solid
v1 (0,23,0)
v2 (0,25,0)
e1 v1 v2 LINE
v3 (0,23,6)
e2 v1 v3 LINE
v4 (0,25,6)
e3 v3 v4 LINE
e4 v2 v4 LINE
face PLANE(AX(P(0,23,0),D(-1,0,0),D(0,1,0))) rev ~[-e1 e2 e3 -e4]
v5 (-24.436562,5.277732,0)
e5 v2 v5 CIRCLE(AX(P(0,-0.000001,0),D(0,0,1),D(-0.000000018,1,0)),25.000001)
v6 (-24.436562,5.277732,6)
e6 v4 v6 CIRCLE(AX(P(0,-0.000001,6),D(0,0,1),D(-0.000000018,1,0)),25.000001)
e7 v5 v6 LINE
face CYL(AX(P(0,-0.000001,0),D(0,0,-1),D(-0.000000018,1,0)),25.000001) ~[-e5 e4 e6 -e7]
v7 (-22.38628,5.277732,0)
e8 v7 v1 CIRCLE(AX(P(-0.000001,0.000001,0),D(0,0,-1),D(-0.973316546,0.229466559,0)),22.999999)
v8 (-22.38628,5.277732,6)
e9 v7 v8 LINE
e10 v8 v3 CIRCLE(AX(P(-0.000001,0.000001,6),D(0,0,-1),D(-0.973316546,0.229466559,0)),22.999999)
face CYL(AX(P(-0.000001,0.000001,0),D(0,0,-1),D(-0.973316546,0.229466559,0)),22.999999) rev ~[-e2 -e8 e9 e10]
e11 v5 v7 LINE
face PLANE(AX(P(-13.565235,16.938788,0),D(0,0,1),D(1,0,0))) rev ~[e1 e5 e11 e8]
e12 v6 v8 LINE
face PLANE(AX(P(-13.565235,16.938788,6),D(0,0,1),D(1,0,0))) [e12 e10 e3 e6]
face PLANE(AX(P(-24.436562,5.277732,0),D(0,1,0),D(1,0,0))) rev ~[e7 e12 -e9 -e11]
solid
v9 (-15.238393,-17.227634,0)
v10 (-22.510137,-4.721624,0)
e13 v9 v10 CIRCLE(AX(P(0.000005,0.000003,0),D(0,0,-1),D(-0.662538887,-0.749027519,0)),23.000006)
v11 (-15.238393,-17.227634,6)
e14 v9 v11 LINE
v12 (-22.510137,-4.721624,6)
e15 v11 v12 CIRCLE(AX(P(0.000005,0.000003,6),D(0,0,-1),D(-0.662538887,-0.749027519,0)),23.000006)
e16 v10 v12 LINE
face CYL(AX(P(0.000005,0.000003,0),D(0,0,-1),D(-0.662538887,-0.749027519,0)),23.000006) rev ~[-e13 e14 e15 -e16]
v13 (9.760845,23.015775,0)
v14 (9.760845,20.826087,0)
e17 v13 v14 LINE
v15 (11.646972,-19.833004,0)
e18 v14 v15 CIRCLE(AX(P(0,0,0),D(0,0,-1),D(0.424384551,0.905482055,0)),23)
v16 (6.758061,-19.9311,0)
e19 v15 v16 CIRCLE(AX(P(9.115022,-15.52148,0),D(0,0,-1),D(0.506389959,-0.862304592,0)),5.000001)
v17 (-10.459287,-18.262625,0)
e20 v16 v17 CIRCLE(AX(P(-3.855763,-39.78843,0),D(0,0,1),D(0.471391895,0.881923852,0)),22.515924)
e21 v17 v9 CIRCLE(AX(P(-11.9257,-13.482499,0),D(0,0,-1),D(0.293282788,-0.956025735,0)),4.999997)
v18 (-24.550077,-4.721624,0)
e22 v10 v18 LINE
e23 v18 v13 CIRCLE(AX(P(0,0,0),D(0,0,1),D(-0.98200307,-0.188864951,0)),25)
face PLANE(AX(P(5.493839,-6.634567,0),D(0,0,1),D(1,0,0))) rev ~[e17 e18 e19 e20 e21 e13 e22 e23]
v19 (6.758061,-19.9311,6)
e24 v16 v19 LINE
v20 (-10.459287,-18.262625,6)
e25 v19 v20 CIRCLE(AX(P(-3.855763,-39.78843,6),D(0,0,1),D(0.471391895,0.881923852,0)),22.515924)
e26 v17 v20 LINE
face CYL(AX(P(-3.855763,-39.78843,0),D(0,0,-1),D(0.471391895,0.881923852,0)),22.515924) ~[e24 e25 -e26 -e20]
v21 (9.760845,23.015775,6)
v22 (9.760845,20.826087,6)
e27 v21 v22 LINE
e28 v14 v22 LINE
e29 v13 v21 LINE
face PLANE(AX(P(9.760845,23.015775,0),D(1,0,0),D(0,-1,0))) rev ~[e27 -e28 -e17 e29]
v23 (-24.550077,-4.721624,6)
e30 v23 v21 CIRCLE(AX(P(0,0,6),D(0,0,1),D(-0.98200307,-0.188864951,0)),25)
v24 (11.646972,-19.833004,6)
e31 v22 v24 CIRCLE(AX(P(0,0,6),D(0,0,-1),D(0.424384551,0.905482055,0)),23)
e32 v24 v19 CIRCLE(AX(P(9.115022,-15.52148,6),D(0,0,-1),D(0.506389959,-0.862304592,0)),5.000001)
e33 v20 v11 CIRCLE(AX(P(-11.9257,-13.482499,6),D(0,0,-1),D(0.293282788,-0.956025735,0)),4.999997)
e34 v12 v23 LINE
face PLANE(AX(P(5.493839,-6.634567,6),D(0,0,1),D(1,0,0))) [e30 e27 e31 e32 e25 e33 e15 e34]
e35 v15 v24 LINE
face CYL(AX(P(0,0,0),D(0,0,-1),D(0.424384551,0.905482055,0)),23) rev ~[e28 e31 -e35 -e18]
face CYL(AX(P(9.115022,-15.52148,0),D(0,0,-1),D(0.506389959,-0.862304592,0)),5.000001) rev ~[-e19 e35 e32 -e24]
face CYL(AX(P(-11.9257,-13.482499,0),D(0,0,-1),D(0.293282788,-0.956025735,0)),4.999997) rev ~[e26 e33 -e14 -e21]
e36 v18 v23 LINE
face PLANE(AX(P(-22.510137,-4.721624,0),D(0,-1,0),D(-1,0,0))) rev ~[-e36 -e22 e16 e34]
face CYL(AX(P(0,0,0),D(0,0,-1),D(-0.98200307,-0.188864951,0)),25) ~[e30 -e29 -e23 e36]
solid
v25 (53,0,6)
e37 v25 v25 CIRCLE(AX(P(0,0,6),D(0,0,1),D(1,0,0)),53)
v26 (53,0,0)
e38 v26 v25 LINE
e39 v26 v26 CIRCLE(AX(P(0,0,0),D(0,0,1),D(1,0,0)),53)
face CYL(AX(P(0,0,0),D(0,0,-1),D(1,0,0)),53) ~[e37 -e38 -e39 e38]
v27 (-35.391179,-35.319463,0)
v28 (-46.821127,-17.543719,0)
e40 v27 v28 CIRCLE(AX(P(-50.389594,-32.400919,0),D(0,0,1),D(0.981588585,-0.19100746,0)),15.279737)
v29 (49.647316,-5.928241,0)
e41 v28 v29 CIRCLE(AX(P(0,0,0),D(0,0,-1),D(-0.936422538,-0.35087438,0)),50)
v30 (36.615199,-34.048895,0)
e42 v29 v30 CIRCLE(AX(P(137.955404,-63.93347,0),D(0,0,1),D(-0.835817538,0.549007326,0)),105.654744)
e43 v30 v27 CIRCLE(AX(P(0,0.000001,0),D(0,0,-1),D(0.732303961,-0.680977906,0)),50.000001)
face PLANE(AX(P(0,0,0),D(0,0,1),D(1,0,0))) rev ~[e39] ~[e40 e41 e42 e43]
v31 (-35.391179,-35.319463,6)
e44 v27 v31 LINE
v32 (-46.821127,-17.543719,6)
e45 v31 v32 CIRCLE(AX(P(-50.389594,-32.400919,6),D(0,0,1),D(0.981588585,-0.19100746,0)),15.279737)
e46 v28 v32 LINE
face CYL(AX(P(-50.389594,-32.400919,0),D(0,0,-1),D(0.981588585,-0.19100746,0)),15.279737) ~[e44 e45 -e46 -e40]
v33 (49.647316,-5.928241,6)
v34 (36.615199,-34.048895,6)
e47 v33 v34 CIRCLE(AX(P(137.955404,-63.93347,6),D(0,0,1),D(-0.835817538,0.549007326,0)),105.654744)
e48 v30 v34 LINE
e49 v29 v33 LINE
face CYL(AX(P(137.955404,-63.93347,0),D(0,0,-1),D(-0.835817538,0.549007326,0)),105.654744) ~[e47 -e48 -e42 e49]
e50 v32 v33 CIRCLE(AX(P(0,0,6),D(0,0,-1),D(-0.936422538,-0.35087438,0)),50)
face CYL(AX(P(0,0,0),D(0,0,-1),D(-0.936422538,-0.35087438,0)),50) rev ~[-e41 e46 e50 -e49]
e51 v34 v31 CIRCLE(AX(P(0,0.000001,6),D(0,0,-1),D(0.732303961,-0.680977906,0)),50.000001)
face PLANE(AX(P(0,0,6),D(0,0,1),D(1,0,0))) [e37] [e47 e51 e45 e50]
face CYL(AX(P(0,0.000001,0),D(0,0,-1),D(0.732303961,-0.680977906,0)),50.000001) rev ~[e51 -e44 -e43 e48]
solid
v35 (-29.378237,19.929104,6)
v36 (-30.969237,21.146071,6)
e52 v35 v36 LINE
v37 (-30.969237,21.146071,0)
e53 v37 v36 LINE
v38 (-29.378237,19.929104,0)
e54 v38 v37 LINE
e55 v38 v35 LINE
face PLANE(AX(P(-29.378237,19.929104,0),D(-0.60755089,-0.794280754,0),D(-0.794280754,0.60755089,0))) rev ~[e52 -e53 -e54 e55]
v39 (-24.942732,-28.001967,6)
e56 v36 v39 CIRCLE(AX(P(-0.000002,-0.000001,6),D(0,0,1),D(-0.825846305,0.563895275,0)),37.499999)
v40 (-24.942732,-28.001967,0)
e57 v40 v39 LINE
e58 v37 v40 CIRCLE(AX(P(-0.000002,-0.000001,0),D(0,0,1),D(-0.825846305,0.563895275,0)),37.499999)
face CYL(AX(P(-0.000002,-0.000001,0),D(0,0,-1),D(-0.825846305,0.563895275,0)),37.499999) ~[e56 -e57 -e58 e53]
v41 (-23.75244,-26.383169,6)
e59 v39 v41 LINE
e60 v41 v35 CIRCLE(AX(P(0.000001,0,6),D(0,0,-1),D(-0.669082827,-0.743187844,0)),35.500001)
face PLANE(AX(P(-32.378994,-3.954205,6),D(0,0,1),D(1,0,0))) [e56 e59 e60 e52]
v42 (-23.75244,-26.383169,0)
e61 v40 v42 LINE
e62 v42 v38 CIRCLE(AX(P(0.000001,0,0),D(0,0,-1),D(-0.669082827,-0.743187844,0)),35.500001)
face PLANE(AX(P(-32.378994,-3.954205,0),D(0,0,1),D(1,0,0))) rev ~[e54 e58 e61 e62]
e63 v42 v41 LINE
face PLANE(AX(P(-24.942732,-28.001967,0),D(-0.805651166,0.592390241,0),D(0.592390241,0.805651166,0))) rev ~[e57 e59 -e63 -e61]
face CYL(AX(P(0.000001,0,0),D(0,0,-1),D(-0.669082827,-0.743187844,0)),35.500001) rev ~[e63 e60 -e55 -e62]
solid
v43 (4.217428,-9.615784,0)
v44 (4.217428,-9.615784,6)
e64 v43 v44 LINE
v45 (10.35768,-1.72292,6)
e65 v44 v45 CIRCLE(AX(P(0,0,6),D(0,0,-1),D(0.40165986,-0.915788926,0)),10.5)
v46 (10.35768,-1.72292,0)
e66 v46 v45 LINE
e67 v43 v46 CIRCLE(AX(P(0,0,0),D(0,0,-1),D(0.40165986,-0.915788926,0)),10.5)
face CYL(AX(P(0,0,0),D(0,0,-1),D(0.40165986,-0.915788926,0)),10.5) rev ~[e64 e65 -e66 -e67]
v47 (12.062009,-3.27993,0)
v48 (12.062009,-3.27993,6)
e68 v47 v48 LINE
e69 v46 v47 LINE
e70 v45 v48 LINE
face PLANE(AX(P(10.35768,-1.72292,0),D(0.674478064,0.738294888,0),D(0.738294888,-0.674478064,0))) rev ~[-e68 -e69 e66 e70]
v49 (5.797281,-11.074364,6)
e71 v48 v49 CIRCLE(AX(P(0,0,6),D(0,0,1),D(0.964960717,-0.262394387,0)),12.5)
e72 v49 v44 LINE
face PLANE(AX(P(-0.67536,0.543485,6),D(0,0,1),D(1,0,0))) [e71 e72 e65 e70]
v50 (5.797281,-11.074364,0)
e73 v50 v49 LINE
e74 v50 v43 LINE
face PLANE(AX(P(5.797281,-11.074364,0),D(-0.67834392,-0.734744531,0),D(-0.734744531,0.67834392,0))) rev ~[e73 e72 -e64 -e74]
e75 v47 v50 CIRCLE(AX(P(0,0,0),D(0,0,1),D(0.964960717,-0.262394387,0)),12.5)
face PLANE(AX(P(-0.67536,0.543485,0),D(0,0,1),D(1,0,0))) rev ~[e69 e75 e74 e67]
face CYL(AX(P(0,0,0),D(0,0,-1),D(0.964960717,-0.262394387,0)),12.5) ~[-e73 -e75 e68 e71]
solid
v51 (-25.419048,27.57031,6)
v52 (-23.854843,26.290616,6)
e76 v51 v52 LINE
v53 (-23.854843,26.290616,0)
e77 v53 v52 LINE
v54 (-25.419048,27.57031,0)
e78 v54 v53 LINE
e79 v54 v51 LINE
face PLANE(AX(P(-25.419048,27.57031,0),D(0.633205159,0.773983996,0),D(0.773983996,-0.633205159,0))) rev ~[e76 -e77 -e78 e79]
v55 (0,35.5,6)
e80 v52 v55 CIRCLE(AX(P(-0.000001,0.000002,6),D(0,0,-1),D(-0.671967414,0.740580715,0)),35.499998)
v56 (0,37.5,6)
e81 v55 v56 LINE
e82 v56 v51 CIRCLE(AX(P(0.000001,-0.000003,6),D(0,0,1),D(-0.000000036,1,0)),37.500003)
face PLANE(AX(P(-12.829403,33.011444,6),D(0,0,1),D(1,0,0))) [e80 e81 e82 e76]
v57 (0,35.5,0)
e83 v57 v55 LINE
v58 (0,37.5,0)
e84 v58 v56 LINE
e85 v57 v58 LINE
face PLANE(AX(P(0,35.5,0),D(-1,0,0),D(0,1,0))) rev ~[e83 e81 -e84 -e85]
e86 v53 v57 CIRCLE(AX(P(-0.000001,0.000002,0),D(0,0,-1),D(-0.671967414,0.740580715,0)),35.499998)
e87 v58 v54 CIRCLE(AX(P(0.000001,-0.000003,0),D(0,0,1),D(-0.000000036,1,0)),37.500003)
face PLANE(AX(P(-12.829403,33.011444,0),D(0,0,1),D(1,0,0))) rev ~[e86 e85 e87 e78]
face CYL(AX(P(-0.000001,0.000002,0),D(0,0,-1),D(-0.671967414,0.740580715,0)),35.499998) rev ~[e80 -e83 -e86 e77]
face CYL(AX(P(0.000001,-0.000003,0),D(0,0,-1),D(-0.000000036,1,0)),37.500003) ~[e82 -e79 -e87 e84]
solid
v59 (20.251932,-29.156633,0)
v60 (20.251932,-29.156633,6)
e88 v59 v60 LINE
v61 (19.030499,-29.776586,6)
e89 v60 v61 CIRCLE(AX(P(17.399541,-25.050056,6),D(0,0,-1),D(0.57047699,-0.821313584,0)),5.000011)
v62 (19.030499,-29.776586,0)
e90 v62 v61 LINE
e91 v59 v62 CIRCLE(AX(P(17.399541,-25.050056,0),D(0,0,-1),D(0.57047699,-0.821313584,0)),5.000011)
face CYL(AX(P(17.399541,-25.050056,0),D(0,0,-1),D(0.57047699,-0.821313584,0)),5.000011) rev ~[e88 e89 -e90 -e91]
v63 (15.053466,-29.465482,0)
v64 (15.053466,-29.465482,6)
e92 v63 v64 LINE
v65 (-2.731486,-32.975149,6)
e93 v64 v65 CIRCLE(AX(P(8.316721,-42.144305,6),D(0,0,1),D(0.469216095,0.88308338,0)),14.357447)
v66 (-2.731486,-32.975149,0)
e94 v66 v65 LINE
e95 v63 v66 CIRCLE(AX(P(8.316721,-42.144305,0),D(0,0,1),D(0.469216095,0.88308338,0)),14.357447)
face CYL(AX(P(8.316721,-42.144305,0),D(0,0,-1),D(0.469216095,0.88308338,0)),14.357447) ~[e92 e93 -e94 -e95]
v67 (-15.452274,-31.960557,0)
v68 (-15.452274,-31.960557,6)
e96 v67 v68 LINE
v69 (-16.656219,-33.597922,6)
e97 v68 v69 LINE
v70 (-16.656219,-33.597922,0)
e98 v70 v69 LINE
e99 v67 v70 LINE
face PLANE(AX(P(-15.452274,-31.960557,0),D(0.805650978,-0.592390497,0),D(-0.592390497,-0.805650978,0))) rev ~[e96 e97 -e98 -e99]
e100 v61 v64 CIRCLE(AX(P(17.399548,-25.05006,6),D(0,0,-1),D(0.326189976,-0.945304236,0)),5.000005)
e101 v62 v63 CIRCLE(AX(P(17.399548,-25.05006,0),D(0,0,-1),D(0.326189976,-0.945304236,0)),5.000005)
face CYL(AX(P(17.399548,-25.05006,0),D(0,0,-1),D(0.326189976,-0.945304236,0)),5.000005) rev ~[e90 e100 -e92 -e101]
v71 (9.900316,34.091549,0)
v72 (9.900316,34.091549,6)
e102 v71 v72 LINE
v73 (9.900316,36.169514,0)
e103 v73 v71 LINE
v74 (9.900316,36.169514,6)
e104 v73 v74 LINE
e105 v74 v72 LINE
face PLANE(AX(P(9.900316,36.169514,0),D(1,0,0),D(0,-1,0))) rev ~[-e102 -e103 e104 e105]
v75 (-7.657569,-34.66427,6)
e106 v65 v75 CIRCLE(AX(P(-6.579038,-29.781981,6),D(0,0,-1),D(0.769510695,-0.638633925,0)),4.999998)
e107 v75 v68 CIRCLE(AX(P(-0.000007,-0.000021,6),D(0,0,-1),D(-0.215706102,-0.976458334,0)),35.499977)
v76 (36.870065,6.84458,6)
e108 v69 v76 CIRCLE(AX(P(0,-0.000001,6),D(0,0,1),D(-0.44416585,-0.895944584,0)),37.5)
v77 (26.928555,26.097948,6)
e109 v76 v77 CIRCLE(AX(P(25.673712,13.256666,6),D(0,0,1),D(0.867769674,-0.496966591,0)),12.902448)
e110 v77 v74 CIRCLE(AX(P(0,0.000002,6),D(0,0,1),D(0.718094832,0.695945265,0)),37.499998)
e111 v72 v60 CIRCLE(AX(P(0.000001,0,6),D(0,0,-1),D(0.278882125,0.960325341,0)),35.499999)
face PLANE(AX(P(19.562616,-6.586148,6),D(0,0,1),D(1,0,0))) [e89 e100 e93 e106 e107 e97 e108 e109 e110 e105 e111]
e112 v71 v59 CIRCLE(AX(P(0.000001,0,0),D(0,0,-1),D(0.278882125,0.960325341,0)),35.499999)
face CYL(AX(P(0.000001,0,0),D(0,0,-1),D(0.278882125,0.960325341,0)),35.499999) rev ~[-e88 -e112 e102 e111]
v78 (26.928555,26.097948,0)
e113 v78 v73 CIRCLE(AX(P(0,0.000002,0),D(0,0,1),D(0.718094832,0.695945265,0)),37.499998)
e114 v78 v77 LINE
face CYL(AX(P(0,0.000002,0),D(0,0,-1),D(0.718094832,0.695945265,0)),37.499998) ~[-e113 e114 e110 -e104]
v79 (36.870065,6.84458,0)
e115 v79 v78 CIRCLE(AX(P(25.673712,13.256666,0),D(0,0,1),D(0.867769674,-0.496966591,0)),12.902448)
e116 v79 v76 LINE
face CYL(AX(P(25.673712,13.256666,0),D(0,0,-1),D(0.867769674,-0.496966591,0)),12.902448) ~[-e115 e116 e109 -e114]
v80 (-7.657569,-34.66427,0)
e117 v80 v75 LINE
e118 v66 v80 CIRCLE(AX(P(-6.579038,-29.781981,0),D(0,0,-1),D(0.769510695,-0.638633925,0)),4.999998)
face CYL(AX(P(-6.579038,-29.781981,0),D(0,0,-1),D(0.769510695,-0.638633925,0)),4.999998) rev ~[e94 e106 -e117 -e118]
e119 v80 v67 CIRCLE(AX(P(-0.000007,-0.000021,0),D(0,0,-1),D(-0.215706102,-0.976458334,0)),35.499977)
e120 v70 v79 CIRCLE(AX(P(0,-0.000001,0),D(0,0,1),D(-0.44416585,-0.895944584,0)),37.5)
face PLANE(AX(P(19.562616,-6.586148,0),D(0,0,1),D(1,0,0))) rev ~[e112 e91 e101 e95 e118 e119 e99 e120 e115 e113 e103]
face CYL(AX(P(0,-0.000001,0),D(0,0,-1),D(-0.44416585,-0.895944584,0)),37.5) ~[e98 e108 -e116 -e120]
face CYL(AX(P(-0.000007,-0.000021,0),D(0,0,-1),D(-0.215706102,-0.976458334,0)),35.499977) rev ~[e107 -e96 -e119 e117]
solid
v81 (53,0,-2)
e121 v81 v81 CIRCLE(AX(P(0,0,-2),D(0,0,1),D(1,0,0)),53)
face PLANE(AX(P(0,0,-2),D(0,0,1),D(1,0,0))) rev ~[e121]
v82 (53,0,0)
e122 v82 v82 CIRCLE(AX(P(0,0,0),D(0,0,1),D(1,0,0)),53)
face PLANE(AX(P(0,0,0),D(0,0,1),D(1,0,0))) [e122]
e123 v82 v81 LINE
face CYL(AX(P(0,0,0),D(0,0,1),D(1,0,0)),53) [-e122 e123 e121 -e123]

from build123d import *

# Parameters (mm, degrees)
F0_R     = 53
F1_DEPTH = 6
F2_R     = 53
F3_DEPTH = 2


with BuildPart() as f1:
    # F0 (on Top) → F1 (new body)
    with BuildSketch(Plane.XY):
        Circle(F0_R)
        with BuildLine():
            ThreePointArc((-46.821127, -17.543719), (-5.977179, 49.641448), (49.647316, -5.928241))
            ThreePointArc((49.647316, -5.928241), (42.094507, -19.508101), (36.615199, -34.048895))
            ThreePointArc((36.615199, -34.048895), (0.882124, -49.992218), (-35.391179, -35.319463))
            ThreePointArc((-35.391179, -35.319463), (-37.537491, -24.136913), (-46.821127, -17.543719))
        make_face(mode=Mode.SUBTRACT)
        with BuildLine():
            ThreePointArc((-30.969237, 21.146071), (-37.221224, -4.564046), (-24.942732, -28.001967))
            Line((-24.942732, -28.001967), (-23.75244, -26.383169))
            ThreePointArc((-23.75244, -26.383169), (-35.24094, -4.280904), (-29.378237, 19.929104))
            Line((-29.378237, 19.929104), (-30.969237, 21.146071))
        make_face()
        with BuildLine():
            Line((0, 35.5), (0, 37.5))
            ThreePointArc((0, 37.5), (-13.644841, 34.929476), (-25.419048, 27.57031))
            Line((-25.419048, 27.57031), (-23.854843, 26.290616))
            ThreePointArc((-23.854843, 26.290616), (-12.785405, 33.117721), (0, 35.5))
        make_face()
        with BuildLine():
            ThreePointArc((26.928555, 26.097948), (19.090588, 32.276918), (9.900316, 36.169514))
            Line((9.900316, 36.169514), (9.900316, 34.091549))
            ThreePointArc((9.900316, 34.091549), (35.033879, 5.733876), (20.251932, -29.156633))
            ThreePointArc((20.251932, -29.156633), (19.662546, -29.508634), (19.030499, -29.776586))
            ThreePointArc((19.030499, -29.776586), (17.009613, -30.034837), (15.053466, -29.465482))
            ThreePointArc((15.053466, -29.465482), (5.537042, -28.058508), (-2.731486, -32.975149))
            ThreePointArc((-2.731486, -32.975149), (-4.957264, -34.511656), (-7.657569, -34.66427))
            ThreePointArc((-7.657569, -34.66427), (-11.633733, -33.539622), (-15.452274, -31.960557))
            Line((-15.452274, -31.960557), (-16.656219, -33.597922))
            ThreePointArc((-16.656219, -33.597922), (22.60639, -29.919912), (36.870065, 6.84458))
            ThreePointArc((36.870065, 6.84458), (37.138053, 19.176298), (26.928555, 26.097948))
        make_face()
        with BuildLine():
            Line((-22.510137, -4.721624), (-24.550077, -4.721624))
            ThreePointArc((-24.550077, -4.721624), (15.716907, -19.441678), (9.760845, 23.015775))
            Line((9.760845, 23.015775), (9.760845, 20.826087))
            ThreePointArc((9.760845, 20.826087), (22.975293, 1.065796), (11.646972, -19.833004))
            ThreePointArc((11.646972, -19.833004), (9.215326, -20.520475), (6.758061, -19.9311))
            ThreePointArc((6.758061, -19.9311), (-1.683994, -17.37749), (-10.459287, -18.262625))
            ThreePointArc((-10.459287, -18.262625), (-12.983995, -18.369214), (-15.238393, -17.227634))
            ThreePointArc((-15.238393, -17.227634), (-19.883107, -11.56123), (-22.510137, -4.721624))
        make_face()
        with BuildLine():
            Line((10.35768, -1.72292), (12.062009, -3.27993))
            ThreePointArc((12.062009, -3.27993), (-9.743042, 7.830909), (5.797281, -11.074364))
            Line((5.797281, -11.074364), (4.217428, -9.615784))
            ThreePointArc((4.217428, -9.615784), (-8.287507, 6.447265), (10.35768, -1.72292))
        make_face()
        with BuildLine():
            ThreePointArc((0, 25), (-15.701221, 19.454348), (-24.436562, 5.277732))
            Line((-24.436562, 5.277732), (-22.38628, 5.277732))
            ThreePointArc((-22.38628, 5.277732), (-14.276067, 18.033134), (0, 23))
            Line((0, 23), (0, 25))
        make_face()
    extrude(amount=F1_DEPTH)


with BuildPart() as f3:
    # F2 (on Top) → F3 (new body)
    with BuildSketch(Plane.XY):
        Circle(F2_R)
    extrude(amount=-F3_DEPTH)


solid = Compound([f1.part, f3.part])
